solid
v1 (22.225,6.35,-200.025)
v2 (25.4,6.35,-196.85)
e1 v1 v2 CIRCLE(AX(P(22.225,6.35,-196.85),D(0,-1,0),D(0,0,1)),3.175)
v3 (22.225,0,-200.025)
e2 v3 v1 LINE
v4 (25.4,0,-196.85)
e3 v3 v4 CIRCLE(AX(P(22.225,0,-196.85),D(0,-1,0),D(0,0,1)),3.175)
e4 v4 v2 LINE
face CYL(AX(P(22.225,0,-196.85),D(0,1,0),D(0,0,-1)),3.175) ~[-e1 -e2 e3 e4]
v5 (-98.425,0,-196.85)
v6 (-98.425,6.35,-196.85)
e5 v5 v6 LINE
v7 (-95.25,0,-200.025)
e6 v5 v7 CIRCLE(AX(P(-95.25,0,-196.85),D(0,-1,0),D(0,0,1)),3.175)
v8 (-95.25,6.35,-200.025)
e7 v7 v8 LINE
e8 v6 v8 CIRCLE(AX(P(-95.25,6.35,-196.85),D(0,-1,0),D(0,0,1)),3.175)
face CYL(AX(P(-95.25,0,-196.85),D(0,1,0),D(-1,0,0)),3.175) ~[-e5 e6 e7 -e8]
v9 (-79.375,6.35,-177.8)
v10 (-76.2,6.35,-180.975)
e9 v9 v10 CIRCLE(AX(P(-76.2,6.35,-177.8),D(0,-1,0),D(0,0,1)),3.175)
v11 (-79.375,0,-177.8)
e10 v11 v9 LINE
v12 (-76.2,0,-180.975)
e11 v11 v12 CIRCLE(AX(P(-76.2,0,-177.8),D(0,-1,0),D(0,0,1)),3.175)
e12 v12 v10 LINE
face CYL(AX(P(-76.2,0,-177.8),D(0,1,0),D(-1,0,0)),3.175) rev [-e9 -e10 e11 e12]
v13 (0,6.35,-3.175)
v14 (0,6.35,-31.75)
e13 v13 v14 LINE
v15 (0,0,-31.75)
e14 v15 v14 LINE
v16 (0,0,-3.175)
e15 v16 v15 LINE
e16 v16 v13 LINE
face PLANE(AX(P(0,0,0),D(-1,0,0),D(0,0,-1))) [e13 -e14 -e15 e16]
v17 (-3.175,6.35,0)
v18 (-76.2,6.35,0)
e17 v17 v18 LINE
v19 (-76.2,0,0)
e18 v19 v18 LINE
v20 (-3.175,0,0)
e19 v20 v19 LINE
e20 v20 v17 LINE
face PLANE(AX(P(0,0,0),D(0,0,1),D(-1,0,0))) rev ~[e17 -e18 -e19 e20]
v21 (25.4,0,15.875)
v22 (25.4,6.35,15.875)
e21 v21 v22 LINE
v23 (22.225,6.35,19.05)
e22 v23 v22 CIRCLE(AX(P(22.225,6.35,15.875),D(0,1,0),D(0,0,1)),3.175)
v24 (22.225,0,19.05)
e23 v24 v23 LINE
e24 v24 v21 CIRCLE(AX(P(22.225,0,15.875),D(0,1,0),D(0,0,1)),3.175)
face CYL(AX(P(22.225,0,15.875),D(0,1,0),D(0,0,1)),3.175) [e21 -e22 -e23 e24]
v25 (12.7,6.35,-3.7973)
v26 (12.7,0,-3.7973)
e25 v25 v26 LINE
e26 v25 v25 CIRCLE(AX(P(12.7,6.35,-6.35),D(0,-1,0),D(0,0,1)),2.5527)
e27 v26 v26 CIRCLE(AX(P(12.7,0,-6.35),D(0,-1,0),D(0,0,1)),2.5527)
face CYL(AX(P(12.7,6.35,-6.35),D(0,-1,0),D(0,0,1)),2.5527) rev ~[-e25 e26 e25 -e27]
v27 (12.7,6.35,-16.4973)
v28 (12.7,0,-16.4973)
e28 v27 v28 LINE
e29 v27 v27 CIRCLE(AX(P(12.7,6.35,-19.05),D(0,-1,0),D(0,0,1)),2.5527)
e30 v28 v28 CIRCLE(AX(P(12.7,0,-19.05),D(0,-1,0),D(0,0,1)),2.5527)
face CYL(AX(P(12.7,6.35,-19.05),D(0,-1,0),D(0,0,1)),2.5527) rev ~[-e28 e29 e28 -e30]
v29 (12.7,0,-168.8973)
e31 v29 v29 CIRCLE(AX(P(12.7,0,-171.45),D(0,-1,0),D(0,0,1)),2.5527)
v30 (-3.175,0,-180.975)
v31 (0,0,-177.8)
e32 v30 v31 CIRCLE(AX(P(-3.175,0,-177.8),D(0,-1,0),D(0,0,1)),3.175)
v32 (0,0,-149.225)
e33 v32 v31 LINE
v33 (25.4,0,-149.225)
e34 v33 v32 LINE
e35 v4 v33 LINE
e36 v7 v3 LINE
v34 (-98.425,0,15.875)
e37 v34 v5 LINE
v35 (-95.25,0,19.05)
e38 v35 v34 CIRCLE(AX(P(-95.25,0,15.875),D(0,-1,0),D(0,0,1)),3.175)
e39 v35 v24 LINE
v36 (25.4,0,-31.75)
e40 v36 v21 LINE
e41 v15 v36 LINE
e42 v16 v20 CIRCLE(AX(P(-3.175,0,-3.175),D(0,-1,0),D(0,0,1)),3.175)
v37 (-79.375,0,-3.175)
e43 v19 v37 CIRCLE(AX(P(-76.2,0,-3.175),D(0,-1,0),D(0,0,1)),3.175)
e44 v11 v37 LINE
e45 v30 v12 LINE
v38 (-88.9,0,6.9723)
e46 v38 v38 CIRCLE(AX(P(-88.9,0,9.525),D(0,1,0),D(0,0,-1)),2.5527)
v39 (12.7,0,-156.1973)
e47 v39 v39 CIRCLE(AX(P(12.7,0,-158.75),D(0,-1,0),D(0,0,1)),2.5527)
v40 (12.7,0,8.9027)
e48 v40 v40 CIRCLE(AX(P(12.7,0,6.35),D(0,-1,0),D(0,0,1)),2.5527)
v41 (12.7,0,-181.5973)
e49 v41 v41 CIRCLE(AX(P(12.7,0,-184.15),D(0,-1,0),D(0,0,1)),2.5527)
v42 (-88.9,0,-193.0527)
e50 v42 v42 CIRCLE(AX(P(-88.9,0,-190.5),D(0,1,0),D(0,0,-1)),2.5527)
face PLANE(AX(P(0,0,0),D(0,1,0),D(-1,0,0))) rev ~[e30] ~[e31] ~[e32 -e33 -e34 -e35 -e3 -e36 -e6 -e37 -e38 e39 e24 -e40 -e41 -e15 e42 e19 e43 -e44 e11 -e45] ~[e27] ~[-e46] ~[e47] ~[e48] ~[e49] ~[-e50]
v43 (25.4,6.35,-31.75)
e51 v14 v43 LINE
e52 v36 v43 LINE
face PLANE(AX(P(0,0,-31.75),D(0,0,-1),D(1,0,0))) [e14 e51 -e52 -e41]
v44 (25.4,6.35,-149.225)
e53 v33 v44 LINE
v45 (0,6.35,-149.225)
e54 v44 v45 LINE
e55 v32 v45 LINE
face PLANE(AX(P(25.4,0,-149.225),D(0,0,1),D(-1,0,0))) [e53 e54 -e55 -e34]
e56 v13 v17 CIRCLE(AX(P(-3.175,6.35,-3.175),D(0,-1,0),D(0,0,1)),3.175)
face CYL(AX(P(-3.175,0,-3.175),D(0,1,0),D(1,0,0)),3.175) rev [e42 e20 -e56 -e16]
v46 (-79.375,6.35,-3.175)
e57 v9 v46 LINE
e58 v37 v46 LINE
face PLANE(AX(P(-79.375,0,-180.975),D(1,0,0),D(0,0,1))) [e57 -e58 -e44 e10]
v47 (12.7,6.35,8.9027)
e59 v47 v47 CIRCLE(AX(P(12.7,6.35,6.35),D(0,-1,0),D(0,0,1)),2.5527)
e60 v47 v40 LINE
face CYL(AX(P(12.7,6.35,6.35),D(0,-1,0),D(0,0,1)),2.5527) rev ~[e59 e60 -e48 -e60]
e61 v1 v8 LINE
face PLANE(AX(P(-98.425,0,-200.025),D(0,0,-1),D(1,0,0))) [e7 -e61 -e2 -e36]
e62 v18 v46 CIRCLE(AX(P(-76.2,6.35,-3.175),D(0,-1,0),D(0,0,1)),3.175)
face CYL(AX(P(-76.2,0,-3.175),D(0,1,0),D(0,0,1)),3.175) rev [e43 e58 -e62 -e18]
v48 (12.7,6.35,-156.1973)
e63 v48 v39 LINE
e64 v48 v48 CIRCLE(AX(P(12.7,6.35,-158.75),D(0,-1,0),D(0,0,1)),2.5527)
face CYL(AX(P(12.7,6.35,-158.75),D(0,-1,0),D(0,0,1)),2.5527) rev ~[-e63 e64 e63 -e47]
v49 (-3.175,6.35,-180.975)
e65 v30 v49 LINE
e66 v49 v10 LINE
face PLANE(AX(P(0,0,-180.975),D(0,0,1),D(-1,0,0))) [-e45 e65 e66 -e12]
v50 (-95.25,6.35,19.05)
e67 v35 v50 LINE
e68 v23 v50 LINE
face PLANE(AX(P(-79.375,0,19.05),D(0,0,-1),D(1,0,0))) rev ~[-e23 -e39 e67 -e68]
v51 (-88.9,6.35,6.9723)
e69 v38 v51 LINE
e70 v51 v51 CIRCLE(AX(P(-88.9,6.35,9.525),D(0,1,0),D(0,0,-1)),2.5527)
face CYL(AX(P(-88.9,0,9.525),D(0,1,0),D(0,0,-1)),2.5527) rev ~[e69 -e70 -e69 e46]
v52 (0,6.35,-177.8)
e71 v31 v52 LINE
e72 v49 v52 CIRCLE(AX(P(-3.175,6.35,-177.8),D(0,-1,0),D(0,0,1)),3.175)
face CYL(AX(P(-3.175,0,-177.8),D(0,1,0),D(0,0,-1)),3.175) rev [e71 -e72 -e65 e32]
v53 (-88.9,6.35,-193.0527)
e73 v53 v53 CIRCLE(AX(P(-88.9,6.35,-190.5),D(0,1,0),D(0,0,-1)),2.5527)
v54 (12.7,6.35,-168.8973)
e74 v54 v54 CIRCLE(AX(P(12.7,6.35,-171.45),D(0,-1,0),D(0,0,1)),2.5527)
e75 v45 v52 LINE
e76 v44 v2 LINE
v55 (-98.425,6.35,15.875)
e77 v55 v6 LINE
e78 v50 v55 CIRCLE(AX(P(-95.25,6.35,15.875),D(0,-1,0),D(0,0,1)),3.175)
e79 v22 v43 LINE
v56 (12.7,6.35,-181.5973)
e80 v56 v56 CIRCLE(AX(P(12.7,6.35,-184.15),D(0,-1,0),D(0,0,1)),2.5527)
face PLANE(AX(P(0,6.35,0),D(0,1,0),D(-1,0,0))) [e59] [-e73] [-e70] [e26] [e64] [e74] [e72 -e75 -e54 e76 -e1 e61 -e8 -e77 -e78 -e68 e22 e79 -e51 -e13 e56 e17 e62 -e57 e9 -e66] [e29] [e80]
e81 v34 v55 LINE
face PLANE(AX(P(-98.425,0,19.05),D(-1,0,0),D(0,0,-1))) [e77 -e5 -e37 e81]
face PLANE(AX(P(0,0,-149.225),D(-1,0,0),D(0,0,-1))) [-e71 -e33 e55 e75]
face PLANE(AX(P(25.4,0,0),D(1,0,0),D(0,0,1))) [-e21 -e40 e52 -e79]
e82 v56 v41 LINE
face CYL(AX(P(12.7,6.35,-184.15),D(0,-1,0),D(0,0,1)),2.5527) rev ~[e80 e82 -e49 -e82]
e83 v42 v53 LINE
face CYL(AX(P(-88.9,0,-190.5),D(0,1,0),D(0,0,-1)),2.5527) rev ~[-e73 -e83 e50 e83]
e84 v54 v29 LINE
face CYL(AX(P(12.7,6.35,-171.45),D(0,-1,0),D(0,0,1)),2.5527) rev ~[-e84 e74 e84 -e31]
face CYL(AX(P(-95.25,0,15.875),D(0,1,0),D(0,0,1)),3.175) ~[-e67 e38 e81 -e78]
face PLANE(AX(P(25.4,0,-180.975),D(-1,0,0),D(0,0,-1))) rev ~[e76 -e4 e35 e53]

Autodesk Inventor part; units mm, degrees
ref_plane "YZ Plane" through (0, 0, 0) normal (1, 0, 0) x (0, 1, 0)
ref_plane "XZ Plane" through (0, 0, 0) normal (0, 1, 0) x (-1, 0, 0)
ref_plane "XY Plane" through (0, 0, 0) normal (0, 0, 1) x (1, 0, 0)
sketch "Sketch1" plane through (0, 0, 0) normal (0, 1, 0) x (-1, 0, 0)
  line L0 (0, 0) -> (79.375, 0)
  line L1 (79.375, 0) -> (79.375, 19.05) construction
  line L2 (79.375, 19.05) -> (0, 19.05)
  line L3 (0, 19.05) -> (0, 0) construction
  line L4 (79.375, 19.05) -> (98.425, 19.05)
  line L5 (98.425, 19.05) -> (98.425, -200.025)
  line L6 (98.425, -200.025) -> (79.375, -200.025)
  line L7 (79.375, -200.025) -> (79.375, 19.05)
  line L8 (79.375, -200.025) -> (0, -200.025)
  line L9 (0, -200.025) -> (0, -180.975) construction
  line L10 (0, -180.975) -> (79.375, -180.975)
  line L11 (79.375, -180.975) -> (79.375, -200.025) construction
  line L12 (0, 0) -> (-25.4, 0) construction
  line L13 (-25.4, 0) -> (-25.4, 19.05)
  line L14 (-25.4, 19.05) -> (0, 19.05)
  line L15 (0, 19.05) -> (0, 0)
  line L16 (0, -180.975) -> (-25.4, -180.975) construction
  line L17 (-25.4, -180.975) -> (-25.4, -200.025)
  line L18 (-25.4, -200.025) -> (0, -200.025)
  line L19 (0, -200.025) -> (0, -180.975) construction
  circle A0 centre (-12.7, 6.35) radius 2.54 construction
  circle A1 centre (-12.7, -187.325) radius 2.54 construction
  circle A2 centre (88.9, -190.5) radius 2.54 construction
  circle A3 centre (88.9, 9.525) radius 2.54 construction
  line L20 (0, -180.975) -> (-25.4, -180.975) construction
  line L21 (-25.4, -180.975) -> (-25.4, -149.225)
  line L22 (-25.4, -149.225) -> (0, -149.225)
  line L23 (0, -149.225) -> (0, -180.975)
  line L24 (0, -180.975) -> (-25.4, -149.225) construction
  line L25 (-25.4, -180.975) -> (0, -149.225) construction
  line L26 (0, -31.75) -> (-25.4, -31.75)
  line L27 (-25.4, -31.75) -> (-25.4, 0)
  line L28 (-25.4, 0) -> (0, 0) construction
  line L29 (0, 0) -> (0, -31.75)
  line L30 (0, -31.75) -> (-25.4, 0) construction
  line L31 (-25.4, -31.75) -> (0, 0) construction
  point P0 (79.375, 0)
  point P1 (79.375, -180.975)
  point P2 (0, -200.025)
  point P3 (79.375, -190.5)
  point P4 (0, -200.025)
  point P5 (-12.7, -165.1)
  point P6 (-12.7, -15.875)
  dimension "d0" = 79.375
  dimension "d1" = 19.05
  dimension "d3" = 19.05
  dimension "d4" = 79.375
  dimension "d5" = 19.05
  dimension "d8" = 180.975
  dimension "d9" = 25.4
  dimension "d10" = 19.05
  dimension "d11" = 25.4
  dimension "d12" = 19.05
  dimension "d17" = 5.08
  dimension "d18" = 6.35
  dimension "d20" = 5.08
  dimension "d21" = 12.7
  dimension "d23" = 12.7
  dimension "d38" = 5.08
  dimension "d39" = 9.525
  dimension "d40" = 9.525
  dimension "d41" = 5.08
  dimension "d42" = 9.525
  dimension "d43" = 9.525
  dimension "d52" = 12.7
  dimension "d53" = 25.4
  dimension "d54" = 50.8
  dimension "d55" = 50.8
  dimension "d56" = 25.4
extrude "Extrusion1" add sketch "Sketch1" along normal blind 6.35
hole "Hole3" at (-88.9, 0, -190.5) at (-88.9, 0, 9.525) direction (0, 1, 0) diameter 5.1054 end through all clearance for "Flat Head Machine Screw (82)" size "#10" standard "Ansi Unified Screw Threads"
fillet "Fillet1" radius 3.175 8 edges at (-98.425, 3.175, -200.025) (25.4, 3.175, -200.025) (-79.375, 3.175, -180.975) (-79.375, 3.175, 0) (-98.425, 3.175, 19.05) (25.4, 3.175, 19.05) (0, 3.175, 0) (0, 3.175, -180.975)
sketch "Sketch3" plane through (0, 6.35, 0) normal (0, 1, 0) x (1, 0, 0)
  line L0 (-95.25, -19.05) -> (22.225, -19.05) construction
  line L1 (25.4, -15.875) -> (25.4, 31.75) construction
  point P0 (0, 0)
  point P1 (12.7, -6.35)
  point P2 (12.7, 6.35)
  point P3 (12.7, 19.05)
  point P4 (12.7, 31.75)
  point P5 (12.7, 44.45)
  point P6 (12.7, 57.15)
  point P7 (12.7, 69.85)
  point P8 (12.7, 82.55)
  point P9 (12.7, 95.25)
  point P10 (12.7, 107.95)
  point P11 (12.7, 120.65)
  point P12 (12.7, 133.35)
  point P13 (12.7, 146.05)
  point P14 (12.7, 158.75)
  point P15 (12.7, 171.45)
  point P16 (12.7, 184.15)
  dimension "d57" = 12.7
  dimension "d58" = 12.7
  dimension "d61" = 12.7
hole "Hole4" at (12.7, 6.35, 6.35) at (12.7, 6.35, -6.35) at (12.7, 6.35, -19.05) at (12.7, 6.35, -44.45) at (12.7, 6.35, -57.15) at (12.7, 6.35, -69.85) at (12.7, 6.35, -82.55) at (12.7, 6.35, -95.25) at (12.7, 6.35, -107.95) at (12.7, 6.35, -120.65) at (12.7, 6.35, -133.35) at (12.7, 6.35, -146.05) at (12.7, 6.35, -158.75) at (12.7, 6.35, -171.45) at (12.7, 6.35, -184.15) direction (0, -1, 0) diameter 5.1054 end through all clearance for "Flat Head Machine Screw (82)" size "#10" standard "Ansi Unified Screw Threads"
equation "\"d4\" = d0"
properties part number "DB1-009" material "Aluminum 6061"
